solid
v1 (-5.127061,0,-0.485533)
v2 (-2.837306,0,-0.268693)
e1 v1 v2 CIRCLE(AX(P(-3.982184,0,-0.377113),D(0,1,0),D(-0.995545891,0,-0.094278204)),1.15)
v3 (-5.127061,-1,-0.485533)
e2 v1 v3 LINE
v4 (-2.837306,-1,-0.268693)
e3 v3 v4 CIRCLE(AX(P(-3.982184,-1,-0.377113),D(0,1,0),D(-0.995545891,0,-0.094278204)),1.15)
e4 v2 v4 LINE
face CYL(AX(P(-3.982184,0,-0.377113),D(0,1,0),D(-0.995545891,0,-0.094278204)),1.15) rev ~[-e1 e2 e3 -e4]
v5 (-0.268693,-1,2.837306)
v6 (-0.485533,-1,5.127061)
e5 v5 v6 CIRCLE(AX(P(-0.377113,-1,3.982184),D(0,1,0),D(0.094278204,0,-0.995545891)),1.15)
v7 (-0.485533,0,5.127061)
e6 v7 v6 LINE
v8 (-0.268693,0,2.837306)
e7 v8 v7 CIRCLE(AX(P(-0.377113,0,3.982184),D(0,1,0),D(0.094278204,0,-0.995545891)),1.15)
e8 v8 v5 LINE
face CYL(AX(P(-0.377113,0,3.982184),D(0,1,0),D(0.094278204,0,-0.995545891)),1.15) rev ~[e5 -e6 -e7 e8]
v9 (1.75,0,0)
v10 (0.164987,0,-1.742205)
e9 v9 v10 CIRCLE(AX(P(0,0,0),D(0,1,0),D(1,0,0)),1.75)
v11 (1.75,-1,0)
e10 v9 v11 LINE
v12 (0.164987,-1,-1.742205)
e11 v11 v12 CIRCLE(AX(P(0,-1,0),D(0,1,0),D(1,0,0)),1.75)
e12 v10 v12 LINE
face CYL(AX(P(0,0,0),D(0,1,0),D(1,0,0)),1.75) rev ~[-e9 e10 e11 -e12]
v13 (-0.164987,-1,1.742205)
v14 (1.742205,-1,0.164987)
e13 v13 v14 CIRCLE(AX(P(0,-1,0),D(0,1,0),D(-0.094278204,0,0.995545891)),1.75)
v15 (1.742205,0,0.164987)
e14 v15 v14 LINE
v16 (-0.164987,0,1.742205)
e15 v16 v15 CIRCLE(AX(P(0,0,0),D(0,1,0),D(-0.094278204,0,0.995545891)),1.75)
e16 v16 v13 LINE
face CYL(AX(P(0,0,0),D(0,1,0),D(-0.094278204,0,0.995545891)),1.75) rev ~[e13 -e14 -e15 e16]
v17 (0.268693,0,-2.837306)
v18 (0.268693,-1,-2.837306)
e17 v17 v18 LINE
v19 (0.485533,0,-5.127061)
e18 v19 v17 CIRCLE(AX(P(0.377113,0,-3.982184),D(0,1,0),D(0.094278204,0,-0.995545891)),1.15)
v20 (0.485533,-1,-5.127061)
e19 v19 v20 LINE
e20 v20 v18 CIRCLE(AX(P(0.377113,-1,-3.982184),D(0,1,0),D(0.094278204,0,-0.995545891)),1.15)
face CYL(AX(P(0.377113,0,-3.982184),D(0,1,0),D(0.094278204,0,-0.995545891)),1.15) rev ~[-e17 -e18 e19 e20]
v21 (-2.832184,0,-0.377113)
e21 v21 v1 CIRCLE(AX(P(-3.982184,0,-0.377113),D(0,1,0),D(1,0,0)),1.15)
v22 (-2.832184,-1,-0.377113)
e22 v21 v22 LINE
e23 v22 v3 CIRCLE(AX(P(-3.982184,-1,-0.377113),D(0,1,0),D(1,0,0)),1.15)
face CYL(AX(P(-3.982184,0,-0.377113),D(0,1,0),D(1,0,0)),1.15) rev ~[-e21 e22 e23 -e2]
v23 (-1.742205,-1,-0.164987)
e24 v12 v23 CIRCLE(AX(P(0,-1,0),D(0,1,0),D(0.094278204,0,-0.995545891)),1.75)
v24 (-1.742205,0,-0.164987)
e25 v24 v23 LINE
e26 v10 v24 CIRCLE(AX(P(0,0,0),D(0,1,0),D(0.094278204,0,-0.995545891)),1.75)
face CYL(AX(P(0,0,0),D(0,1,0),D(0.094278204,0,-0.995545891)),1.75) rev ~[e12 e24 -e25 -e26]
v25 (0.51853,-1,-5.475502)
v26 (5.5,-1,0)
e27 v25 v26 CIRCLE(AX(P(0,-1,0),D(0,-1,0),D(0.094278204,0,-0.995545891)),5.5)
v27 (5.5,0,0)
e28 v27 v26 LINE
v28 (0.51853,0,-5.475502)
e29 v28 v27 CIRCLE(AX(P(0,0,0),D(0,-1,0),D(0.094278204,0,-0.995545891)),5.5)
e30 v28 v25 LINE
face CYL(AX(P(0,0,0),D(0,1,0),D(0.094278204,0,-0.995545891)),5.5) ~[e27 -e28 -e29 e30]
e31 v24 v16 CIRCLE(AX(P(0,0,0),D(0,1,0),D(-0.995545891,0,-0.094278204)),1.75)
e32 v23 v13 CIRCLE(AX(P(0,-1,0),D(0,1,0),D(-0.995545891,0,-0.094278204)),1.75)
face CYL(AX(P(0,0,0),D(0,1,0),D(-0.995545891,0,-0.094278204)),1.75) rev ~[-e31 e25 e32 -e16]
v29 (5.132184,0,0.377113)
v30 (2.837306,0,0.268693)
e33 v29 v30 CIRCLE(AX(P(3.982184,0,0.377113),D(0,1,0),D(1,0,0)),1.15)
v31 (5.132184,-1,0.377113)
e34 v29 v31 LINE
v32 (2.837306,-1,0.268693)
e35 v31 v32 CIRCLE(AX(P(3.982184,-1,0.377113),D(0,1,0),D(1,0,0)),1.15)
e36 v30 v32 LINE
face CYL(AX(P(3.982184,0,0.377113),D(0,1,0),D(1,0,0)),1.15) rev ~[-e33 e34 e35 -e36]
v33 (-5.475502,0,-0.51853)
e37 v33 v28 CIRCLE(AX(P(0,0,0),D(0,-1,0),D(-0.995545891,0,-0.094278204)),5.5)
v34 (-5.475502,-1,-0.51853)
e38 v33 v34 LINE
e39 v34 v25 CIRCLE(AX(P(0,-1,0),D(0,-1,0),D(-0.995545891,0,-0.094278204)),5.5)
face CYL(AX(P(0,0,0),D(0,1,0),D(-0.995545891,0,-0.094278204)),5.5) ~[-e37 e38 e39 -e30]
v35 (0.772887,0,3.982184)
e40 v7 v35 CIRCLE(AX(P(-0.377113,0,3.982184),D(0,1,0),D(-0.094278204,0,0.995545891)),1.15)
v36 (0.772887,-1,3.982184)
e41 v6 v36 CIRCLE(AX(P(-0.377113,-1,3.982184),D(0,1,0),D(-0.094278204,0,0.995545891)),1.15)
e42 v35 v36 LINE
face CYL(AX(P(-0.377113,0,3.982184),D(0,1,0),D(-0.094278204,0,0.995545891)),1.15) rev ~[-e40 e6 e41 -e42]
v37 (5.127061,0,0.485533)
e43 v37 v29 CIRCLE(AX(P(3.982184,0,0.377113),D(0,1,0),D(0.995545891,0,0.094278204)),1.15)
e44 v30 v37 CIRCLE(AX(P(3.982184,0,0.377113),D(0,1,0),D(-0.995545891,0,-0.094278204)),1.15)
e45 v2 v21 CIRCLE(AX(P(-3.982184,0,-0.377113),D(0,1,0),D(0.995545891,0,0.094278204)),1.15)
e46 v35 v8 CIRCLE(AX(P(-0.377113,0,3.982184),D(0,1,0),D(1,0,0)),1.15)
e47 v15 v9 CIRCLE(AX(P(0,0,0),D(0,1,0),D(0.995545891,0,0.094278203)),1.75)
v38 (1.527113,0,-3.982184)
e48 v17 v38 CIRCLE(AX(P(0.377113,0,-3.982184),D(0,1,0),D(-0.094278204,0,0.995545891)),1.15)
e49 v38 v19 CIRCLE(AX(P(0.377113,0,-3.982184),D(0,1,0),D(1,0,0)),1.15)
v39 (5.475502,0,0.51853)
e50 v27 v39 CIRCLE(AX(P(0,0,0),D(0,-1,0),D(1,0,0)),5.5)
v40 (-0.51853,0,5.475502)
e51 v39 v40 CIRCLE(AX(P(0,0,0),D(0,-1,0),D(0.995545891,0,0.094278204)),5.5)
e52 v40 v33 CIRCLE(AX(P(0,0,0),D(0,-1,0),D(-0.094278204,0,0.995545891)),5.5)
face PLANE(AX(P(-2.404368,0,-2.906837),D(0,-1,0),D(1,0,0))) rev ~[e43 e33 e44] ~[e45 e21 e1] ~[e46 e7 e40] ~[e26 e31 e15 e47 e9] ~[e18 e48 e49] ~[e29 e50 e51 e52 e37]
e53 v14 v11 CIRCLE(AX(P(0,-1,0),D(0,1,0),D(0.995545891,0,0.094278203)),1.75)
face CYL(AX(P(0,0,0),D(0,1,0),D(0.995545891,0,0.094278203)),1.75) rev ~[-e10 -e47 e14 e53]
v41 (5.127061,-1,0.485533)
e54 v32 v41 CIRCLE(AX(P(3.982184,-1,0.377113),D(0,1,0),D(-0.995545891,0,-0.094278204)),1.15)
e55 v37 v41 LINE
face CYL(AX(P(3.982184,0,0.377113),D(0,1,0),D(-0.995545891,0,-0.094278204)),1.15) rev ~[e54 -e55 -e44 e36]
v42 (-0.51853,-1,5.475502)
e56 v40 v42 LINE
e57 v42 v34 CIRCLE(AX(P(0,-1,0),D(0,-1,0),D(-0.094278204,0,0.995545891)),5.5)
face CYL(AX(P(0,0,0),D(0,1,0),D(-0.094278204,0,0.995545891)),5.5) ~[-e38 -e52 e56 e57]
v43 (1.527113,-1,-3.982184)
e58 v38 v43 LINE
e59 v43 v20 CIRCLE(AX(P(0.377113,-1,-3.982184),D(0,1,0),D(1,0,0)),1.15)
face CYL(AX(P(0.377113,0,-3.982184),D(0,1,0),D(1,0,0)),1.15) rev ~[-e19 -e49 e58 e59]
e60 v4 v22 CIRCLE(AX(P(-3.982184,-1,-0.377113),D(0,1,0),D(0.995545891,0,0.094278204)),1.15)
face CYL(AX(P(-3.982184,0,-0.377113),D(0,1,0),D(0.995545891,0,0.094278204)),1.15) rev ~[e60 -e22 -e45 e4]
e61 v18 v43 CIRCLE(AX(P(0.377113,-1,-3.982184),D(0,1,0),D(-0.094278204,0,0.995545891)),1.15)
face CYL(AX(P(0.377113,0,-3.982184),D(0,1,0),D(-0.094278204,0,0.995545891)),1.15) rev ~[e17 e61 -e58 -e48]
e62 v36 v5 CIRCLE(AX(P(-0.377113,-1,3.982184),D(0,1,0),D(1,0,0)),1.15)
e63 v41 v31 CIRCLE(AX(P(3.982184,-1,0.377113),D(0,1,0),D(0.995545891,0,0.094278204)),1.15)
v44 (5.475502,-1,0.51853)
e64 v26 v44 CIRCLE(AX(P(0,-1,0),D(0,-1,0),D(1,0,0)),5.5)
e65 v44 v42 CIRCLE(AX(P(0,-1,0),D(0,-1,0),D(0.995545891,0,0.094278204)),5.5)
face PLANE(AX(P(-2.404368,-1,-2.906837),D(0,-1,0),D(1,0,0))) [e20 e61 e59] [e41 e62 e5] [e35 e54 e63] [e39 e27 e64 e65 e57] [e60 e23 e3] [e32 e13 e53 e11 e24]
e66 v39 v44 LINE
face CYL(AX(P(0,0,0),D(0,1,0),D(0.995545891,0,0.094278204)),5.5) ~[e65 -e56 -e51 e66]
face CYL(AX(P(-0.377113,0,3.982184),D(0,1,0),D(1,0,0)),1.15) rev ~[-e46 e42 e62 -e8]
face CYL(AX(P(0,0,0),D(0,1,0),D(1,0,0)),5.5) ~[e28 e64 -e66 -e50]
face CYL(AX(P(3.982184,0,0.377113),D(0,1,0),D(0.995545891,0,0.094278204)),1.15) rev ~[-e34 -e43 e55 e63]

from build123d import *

# Parameters (mm, degrees)
F1_DEPTH = 1


with BuildPart() as f1:
    # F0 (on Front) → F1 (new body)
    with BuildSketch(Plane.XZ):
        with BuildLine():
            ThreePointArc((-5.4755023983, -0.5185301207), (-3.5051087117, -4.2384210408), (0.5185301207, -5.4755023983))
            ThreePointArc((0.5185301207, -5.4755023983), (-1.1162060212, -4.123600864), (0.2356955176, -2.4888647257))
            ThreePointArc((0.2356955176, -2.4888647257), (-1.593231229, -1.9265550215), (-2.4888647264, -0.2356955103))
            ThreePointArc((-2.4888647264, -0.2356955103), (-2.4838547844, -0.3063252949), (-2.4821835624, -0.3771128151))
            ThreePointArc((-2.4821835624, -0.3771128151), (-3.9113960418, -1.875441593), (-5.4755023983, -0.5185301207))
        make_face()
        with BuildLine():
            ThreePointArc((-0.2356955143, 2.488864726), (-1.8704316512, 3.8407662592), (-0.5185301207, 5.4755023983))
            ThreePointArc((-0.5185301207, 5.4755023983), (-4.2384210408, 3.5051087117), (-5.4755023983, -0.5185301207))
            ThreePointArc((-5.4755023983, -0.5185301207), (-4.1236008676, 1.1162060209), (-2.4888647264, -0.2356955103))
            ThreePointArc((-2.4888647264, -0.2356955103), (-1.9265550204, 1.5932312303), (-0.2356955143, 2.488864726))
        make_face()
        with BuildLine():
            ThreePointArc((2.4888647264, 0.2356955103), (3.8407662572, 1.870431651), (5.4755023983, 0.5185301207))
            ThreePointArc((5.4755023983, 0.5185301207), (3.5051087117, 4.2384210408), (-0.5185301207, 5.4755023983))
            ThreePointArc((-0.5185301207, 5.4755023983), (0.6323112885, 5.0917163376), (1.1228871849, 3.9821835624))
            ThreePointArc((1.1228871849, 3.9821835624), (0.7324199585, 2.9727594571), (-0.2356955143, 2.488864726))
            ThreePointArc((-0.2356955143, 2.488864726), (1.5932312303, 1.9265550204), (2.4888647264, 0.2356955103))
        make_face()
        with BuildLine():
            ThreePointArc((0.5185301207, -5.4755023983), (4.0682868424, -3.7012217129), (5.5, 0))
            ThreePointArc((5.5, 0), (5.4938721859, 0.2595542422), (5.4755023983, 0.5185301207))
            ThreePointArc((5.4755023983, 0.5185301207), (5.4805123404, 0.4479003357), (5.4821835624, 0.3771128151))
            ThreePointArc((5.4821835624, 0.3771128151), (4.0529710825, -1.1212159629), (2.4888647264, 0.2356955103))
            ThreePointArc((2.4888647264, 0.2356955103), (2.4972146299, 0.1179792015), (2.5, 0))
            ThreePointArc((2.5, 0), (1.8492212948, -1.6823735028), (0.2356955176, -2.4888647257))
            ThreePointArc((0.2356955176, -2.4888647257), (1.3865369216, -2.87265079), (1.8771128151, -3.9821835624))
            ThreePointArc((1.8771128151, -3.9821835624), (1.4866455903, -4.9916076659), (0.5185301207, -5.4755023983))
        make_face()
        with BuildLine():
            Line((-5.1270613366, -0.4855327494), (-5.4755023983, -0.5185301207))
            ThreePointArc((-5.4755023983, -0.5185301207), (-3.9113960418, -1.875441593), (-2.4821835624, -0.3771128151))
            ThreePointArc((-2.4821835624, -0.3771128151), (-2.4838547844, -0.3063252949), (-2.4888647264, -0.2356955103))
            Line((-2.4888647265, -0.2356955094), (-2.8373057882, -0.2686928807))
            ThreePointArc((-2.8373057882, -0.2686928807), (-2.8334648326, -0.3228423826), (-2.8321835624, -0.3771128151))
            ThreePointArc((-2.8321835624, -0.3771128151), (-3.9279131299, -1.5258315448), (-5.1270613366, -0.4855327494))
        make_face()
        with BuildLine():
            ThreePointArc((-2.4888647264, -0.2356955103), (-4.1236008676, 1.1162060209), (-5.4755023983, -0.5185301207))
            Line((-5.4755023983, -0.5185301207), (-5.1270613366, -0.4855327494))
            ThreePointArc((-5.1270613366, -0.4855327494), (-4.0906034967, 0.7677649591), (-2.8373057882, -0.2686928807))
            Line((-2.8373057882, -0.2686928807), (-2.4888647265, -0.2356955094))
        make_face()
        with BuildLine():
            Line((-0.4855327494, 5.1270613366), (-0.5185301207, 5.4755023983))
            ThreePointArc((-0.5185301207, 5.4755023983), (-1.8704316512, 3.8407662592), (-0.2356955143, 2.488864726))
            Line((-0.2356955094, 2.4888647265), (-0.2686928807, 2.8373057882))
            ThreePointArc((-0.2686928807, 2.8373057882), (-1.5219905893, 3.8737636281), (-0.4855327494, 5.1270613366))
        make_face()
        with BuildLine():
            ThreePointArc((1.1228871849, 3.9821835624), (0.6323112885, 5.0917163376), (-0.5185301207, 5.4755023983))
            Line((-0.5185301207, 5.4755023983), (-0.4855327494, 5.1270613366))
            ThreePointArc((-0.4855327494, 5.1270613366), (0.3967789976, 4.8328253567), (0.7728871849, 3.9821835624))
            ThreePointArc((0.7728871849, 3.9821835624), (0.4735289793, 3.2082917497), (-0.2686928807, 2.8373057882))
            Line((-0.2686928807, 2.8373057882), (-0.2356955094, 2.4888647265))
            ThreePointArc((-0.2356955143, 2.488864726), (0.7324199585, 2.9727594571), (1.1228871849, 3.9821835624))
        make_face()
        with BuildLine():
            Line((0.4855327494, -5.1270613366), (0.5185301207, -5.4755023983))
            ThreePointArc((0.5185301207, -5.4755023983), (1.4866455903, -4.9916076659), (1.8771128151, -3.9821835624))
            ThreePointArc((1.8771128151, -3.9821835624), (1.3865369216, -2.87265079), (0.2356955176, -2.4888647257))
            Line((0.2356955094, -2.4888647265), (0.2686928807, -2.8373057882))
            ThreePointArc((0.2686928807, -2.8373057882), (1.1510046278, -3.1315417681), (1.5271128151, -3.9821835624))
            ThreePointArc((1.5271128151, -3.9821835624), (1.2277546094, -4.7560753751), (0.4855327494, -5.1270613366))
        make_face()
        with BuildLine():
            ThreePointArc((0.2356955176, -2.4888647257), (-1.1162060212, -4.123600864), (0.5185301207, -5.4755023983))
            Line((0.5185301207, -5.4755023983), (0.4855327494, -5.1270613366))
            ThreePointArc((0.4855327494, -5.1270613366), (-0.7677649591, -4.0906034967), (0.2686928807, -2.8373057882))
            Line((0.2686928807, -2.8373057882), (0.2356955094, -2.4888647265))
        make_face()
        with BuildLine():
            ThreePointArc((5.4821835624, 0.3771128151), (5.4805123404, 0.4479003357), (5.4755023983, 0.5185301207))
            Line((5.4755023983, 0.5185301207), (5.1270613366, 0.4855327494))
            ThreePointArc((5.1270613366, 0.4855327494), (5.1309022922, 0.4313832475), (5.1321835624, 0.3771128151))
            ThreePointArc((5.1321835624, 0.3771128151), (4.0364539949, -0.7716059147), (2.8373057882, 0.2686928807))
            Line((2.8373057882, 0.2686928807), (2.4888647265, 0.2356955094))
            ThreePointArc((2.4888647264, 0.2356955103), (4.0529710825, -1.1212159629), (5.4821835624, 0.3771128151))
        make_face()
        with BuildLine():
            Line((5.1270613366, 0.4855327494), (5.4755023983, 0.5185301207))
            ThreePointArc((5.4755023983, 0.5185301207), (3.8407662572, 1.870431651), (2.4888647264, 0.2356955103))
            Line((2.4888647265, 0.2356955094), (2.8373057882, 0.2686928807))
            ThreePointArc((2.8373057882, 0.2686928807), (3.8737636281, 1.5219905893), (5.1270613366, 0.4855327494))
        make_face()
        with BuildLine():
            Line((-0.1649868566, 1.7422053086), (-0.2356955094, 2.4888647265))
            ThreePointArc((-0.2356955143, 2.488864726), (-1.9265550204, 1.5932312303), (-2.4888647264, -0.2356955103))
            Line((-2.4888647265, -0.2356955094), (-1.7422053086, -0.1649868566))
            ThreePointArc((-1.7422053086, -0.1649868566), (-1.348588513, 1.1152618628), (-0.1649868566, 1.7422053086))
        make_face()
        with BuildLine():
            Line((1.7422053086, 0.1649868566), (2.4888647265, 0.2356955094))
            ThreePointArc((2.4888647264, 0.2356955103), (1.5932312303, 1.9265550204), (-0.2356955143, 2.488864726))
            Line((-0.2356955094, 2.4888647265), (-0.1649868566, 1.7422053086))
            ThreePointArc((-0.1649868566, 1.7422053086), (1.1152618628, 1.348588513), (1.7422053086, 0.1649868566))
        make_face()
        with BuildLine():
            ThreePointArc((-2.4888647264, -0.2356955103), (-1.593231229, -1.9265550215), (0.2356955176, -2.4888647257))
            Line((0.2356955094, -2.4888647265), (0.1649868566, -1.7422053086))
            ThreePointArc((0.1649868566, -1.7422053086), (-1.1152618628, -1.348588513), (-1.7422053086, -0.1649868566))
            Line((-1.7422053086, -0.1649868566), (-2.4888647265, -0.2356955094))
        make_face()
        with BuildLine():
            ThreePointArc((2.5, 0), (2.4972146299, 0.1179792015), (2.4888647264, 0.2356955103))
            Line((2.4888647265, 0.2356955094), (1.7422053086, 0.1649868566))
            ThreePointArc((1.7422053086, 0.1649868566), (1.748050241, 0.0825854407), (1.75, 0))
            ThreePointArc((1.75, 0), (1.2944549044, -1.1776614541), (0.1649868566, -1.7422053086))
            Line((0.1649868566, -1.7422053086), (0.2356955094, -2.4888647265))
            ThreePointArc((0.2356955176, -2.4888647257), (1.8492212948, -1.6823735028), (2.5, 0))
        make_face()
    extrude(amount=F1_DEPTH)


solid = f1.part
